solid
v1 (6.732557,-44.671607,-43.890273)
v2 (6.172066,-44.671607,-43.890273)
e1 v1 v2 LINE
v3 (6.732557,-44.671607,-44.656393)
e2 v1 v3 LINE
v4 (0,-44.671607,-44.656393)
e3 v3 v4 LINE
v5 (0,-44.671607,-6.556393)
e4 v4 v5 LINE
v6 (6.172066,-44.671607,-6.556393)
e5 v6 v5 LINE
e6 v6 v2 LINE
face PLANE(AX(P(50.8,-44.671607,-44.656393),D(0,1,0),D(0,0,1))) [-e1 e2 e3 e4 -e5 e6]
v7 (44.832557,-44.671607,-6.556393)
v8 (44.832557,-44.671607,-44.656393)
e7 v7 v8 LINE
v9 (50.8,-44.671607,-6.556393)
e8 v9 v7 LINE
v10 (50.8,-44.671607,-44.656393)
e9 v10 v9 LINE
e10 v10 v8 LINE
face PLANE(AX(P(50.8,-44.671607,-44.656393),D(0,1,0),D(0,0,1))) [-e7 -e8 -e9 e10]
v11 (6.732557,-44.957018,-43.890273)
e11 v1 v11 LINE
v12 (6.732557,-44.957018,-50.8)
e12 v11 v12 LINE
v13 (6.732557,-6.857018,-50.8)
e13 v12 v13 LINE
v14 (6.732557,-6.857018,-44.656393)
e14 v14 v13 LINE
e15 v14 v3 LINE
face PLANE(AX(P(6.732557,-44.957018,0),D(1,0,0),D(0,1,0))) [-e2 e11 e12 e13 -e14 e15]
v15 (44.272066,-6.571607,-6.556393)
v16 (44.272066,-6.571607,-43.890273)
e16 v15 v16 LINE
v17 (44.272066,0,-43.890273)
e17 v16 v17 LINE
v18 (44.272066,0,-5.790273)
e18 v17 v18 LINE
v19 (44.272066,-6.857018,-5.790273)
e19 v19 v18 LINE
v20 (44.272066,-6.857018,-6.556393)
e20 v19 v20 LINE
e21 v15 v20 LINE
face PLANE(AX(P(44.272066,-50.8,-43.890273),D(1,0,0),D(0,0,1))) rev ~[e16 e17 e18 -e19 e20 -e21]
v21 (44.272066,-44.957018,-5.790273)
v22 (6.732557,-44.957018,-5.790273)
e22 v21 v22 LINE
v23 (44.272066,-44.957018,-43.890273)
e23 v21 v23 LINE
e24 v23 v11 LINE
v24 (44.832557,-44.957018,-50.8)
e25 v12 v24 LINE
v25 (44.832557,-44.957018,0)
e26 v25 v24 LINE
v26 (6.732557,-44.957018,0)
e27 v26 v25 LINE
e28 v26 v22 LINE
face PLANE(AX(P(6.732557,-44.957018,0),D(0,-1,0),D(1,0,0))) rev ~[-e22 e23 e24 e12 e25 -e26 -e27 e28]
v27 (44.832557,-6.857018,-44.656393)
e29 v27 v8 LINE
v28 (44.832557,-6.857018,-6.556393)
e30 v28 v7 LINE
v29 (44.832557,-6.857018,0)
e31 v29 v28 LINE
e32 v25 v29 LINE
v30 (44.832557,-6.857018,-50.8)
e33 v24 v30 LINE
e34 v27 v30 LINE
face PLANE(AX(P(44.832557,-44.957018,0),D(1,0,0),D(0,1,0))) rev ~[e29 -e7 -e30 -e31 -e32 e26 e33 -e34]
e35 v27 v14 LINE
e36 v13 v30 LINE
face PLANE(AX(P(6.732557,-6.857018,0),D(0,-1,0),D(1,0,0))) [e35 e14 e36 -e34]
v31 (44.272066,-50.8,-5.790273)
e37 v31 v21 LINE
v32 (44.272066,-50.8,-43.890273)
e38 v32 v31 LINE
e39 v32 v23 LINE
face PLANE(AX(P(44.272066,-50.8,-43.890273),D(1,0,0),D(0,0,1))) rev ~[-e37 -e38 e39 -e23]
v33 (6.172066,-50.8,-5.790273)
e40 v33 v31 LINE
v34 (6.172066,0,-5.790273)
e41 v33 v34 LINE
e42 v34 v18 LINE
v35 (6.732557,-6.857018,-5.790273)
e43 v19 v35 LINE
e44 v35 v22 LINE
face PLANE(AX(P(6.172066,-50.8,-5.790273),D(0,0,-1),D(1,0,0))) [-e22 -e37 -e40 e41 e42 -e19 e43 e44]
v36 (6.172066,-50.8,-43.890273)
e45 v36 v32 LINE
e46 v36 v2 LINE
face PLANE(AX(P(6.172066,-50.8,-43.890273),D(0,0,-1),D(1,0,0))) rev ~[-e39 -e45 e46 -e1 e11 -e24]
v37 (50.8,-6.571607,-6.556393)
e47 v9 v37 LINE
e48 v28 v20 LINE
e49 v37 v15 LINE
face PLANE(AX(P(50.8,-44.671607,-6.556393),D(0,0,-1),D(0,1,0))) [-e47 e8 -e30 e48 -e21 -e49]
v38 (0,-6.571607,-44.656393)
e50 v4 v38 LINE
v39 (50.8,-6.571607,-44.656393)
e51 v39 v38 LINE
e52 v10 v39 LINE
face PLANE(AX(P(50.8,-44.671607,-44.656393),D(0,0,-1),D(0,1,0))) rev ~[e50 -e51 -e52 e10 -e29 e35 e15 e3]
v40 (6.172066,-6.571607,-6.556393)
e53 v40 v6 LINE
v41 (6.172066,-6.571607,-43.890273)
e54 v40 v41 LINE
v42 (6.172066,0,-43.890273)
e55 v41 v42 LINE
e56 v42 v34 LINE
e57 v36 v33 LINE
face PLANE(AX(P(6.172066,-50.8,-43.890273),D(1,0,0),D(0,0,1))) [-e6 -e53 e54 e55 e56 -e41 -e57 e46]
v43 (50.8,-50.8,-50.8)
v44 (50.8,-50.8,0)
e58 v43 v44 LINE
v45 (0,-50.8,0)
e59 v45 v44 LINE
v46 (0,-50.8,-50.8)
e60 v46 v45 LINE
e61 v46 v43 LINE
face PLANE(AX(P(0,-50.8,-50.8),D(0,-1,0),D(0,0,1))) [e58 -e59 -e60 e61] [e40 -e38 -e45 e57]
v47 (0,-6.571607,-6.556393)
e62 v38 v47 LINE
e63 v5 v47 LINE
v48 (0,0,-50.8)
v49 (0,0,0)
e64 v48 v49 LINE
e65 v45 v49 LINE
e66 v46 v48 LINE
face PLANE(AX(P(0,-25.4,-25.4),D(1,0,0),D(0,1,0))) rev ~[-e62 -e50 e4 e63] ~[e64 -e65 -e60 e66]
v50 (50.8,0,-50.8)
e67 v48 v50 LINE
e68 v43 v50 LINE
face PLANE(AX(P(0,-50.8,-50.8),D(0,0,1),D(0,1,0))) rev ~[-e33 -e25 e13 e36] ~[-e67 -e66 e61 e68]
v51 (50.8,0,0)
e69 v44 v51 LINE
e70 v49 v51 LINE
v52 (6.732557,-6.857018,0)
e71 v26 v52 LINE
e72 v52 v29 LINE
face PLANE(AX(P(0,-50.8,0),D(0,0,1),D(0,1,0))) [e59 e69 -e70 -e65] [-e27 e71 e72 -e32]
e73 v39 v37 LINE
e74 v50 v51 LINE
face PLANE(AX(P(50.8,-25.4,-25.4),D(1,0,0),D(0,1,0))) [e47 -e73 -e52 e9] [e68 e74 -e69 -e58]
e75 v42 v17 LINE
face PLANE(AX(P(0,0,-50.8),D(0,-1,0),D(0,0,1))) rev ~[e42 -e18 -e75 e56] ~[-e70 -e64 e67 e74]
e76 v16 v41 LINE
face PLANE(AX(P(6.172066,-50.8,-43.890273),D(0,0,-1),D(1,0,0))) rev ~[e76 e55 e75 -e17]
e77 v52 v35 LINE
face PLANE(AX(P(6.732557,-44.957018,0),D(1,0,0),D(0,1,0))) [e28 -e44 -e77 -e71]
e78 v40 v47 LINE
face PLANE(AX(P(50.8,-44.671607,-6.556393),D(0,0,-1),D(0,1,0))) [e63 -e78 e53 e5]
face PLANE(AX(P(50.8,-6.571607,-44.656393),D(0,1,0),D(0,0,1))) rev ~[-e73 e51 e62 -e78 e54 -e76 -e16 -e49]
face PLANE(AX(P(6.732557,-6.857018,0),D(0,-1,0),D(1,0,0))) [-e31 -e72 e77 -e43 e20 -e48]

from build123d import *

# Parameters (mm, degrees)
F0_W     = 50.8
F0_H     = 50.8
F1_DEPTH = 50.8
F2_W     = 38.1
F2_H     = 38.1
F3_DEPTH = 50.8
F4_W     = 38.1
F4_H     = 38.1
F5_DEPTH = 50.8
F6_W     = 38.1
F6_H     = 38.1
F7_DEPTH = 50.8


with BuildPart() as f1:
    # F0 (on Right) → F1 (new body)
    with BuildSketch(Plane.YZ):
        with Locations((-25.4, -25.4)):
            Rectangle(F0_W, F0_H)
    extrude(amount=F1_DEPTH)

    # F2 (on face) → F3 (cut)
    with BuildSketch(Plane.YZ.offset(50.8)):
        with Locations((-25.621607, -25.606393)):
            Rectangle(F2_W, F2_H)
    extrude(amount=-F3_DEPTH, mode=Mode.SUBTRACT)

    # F4 (on face) → F5 (cut)
    with BuildSketch(Plane.XZ.offset(50.8)):
        with Locations((25.222066, -24.840273)):
            Rectangle(F4_W, F4_H)
    extrude(amount=-F5_DEPTH, mode=Mode.SUBTRACT)

    # F6 (on face) → F7 (cut)
    with BuildSketch(Plane.XY):
        with Locations((25.782557, -25.907018)):
            Rectangle(F6_W, F6_H)
    extrude(amount=-F7_DEPTH, mode=Mode.SUBTRACT)


solid = f1.part
